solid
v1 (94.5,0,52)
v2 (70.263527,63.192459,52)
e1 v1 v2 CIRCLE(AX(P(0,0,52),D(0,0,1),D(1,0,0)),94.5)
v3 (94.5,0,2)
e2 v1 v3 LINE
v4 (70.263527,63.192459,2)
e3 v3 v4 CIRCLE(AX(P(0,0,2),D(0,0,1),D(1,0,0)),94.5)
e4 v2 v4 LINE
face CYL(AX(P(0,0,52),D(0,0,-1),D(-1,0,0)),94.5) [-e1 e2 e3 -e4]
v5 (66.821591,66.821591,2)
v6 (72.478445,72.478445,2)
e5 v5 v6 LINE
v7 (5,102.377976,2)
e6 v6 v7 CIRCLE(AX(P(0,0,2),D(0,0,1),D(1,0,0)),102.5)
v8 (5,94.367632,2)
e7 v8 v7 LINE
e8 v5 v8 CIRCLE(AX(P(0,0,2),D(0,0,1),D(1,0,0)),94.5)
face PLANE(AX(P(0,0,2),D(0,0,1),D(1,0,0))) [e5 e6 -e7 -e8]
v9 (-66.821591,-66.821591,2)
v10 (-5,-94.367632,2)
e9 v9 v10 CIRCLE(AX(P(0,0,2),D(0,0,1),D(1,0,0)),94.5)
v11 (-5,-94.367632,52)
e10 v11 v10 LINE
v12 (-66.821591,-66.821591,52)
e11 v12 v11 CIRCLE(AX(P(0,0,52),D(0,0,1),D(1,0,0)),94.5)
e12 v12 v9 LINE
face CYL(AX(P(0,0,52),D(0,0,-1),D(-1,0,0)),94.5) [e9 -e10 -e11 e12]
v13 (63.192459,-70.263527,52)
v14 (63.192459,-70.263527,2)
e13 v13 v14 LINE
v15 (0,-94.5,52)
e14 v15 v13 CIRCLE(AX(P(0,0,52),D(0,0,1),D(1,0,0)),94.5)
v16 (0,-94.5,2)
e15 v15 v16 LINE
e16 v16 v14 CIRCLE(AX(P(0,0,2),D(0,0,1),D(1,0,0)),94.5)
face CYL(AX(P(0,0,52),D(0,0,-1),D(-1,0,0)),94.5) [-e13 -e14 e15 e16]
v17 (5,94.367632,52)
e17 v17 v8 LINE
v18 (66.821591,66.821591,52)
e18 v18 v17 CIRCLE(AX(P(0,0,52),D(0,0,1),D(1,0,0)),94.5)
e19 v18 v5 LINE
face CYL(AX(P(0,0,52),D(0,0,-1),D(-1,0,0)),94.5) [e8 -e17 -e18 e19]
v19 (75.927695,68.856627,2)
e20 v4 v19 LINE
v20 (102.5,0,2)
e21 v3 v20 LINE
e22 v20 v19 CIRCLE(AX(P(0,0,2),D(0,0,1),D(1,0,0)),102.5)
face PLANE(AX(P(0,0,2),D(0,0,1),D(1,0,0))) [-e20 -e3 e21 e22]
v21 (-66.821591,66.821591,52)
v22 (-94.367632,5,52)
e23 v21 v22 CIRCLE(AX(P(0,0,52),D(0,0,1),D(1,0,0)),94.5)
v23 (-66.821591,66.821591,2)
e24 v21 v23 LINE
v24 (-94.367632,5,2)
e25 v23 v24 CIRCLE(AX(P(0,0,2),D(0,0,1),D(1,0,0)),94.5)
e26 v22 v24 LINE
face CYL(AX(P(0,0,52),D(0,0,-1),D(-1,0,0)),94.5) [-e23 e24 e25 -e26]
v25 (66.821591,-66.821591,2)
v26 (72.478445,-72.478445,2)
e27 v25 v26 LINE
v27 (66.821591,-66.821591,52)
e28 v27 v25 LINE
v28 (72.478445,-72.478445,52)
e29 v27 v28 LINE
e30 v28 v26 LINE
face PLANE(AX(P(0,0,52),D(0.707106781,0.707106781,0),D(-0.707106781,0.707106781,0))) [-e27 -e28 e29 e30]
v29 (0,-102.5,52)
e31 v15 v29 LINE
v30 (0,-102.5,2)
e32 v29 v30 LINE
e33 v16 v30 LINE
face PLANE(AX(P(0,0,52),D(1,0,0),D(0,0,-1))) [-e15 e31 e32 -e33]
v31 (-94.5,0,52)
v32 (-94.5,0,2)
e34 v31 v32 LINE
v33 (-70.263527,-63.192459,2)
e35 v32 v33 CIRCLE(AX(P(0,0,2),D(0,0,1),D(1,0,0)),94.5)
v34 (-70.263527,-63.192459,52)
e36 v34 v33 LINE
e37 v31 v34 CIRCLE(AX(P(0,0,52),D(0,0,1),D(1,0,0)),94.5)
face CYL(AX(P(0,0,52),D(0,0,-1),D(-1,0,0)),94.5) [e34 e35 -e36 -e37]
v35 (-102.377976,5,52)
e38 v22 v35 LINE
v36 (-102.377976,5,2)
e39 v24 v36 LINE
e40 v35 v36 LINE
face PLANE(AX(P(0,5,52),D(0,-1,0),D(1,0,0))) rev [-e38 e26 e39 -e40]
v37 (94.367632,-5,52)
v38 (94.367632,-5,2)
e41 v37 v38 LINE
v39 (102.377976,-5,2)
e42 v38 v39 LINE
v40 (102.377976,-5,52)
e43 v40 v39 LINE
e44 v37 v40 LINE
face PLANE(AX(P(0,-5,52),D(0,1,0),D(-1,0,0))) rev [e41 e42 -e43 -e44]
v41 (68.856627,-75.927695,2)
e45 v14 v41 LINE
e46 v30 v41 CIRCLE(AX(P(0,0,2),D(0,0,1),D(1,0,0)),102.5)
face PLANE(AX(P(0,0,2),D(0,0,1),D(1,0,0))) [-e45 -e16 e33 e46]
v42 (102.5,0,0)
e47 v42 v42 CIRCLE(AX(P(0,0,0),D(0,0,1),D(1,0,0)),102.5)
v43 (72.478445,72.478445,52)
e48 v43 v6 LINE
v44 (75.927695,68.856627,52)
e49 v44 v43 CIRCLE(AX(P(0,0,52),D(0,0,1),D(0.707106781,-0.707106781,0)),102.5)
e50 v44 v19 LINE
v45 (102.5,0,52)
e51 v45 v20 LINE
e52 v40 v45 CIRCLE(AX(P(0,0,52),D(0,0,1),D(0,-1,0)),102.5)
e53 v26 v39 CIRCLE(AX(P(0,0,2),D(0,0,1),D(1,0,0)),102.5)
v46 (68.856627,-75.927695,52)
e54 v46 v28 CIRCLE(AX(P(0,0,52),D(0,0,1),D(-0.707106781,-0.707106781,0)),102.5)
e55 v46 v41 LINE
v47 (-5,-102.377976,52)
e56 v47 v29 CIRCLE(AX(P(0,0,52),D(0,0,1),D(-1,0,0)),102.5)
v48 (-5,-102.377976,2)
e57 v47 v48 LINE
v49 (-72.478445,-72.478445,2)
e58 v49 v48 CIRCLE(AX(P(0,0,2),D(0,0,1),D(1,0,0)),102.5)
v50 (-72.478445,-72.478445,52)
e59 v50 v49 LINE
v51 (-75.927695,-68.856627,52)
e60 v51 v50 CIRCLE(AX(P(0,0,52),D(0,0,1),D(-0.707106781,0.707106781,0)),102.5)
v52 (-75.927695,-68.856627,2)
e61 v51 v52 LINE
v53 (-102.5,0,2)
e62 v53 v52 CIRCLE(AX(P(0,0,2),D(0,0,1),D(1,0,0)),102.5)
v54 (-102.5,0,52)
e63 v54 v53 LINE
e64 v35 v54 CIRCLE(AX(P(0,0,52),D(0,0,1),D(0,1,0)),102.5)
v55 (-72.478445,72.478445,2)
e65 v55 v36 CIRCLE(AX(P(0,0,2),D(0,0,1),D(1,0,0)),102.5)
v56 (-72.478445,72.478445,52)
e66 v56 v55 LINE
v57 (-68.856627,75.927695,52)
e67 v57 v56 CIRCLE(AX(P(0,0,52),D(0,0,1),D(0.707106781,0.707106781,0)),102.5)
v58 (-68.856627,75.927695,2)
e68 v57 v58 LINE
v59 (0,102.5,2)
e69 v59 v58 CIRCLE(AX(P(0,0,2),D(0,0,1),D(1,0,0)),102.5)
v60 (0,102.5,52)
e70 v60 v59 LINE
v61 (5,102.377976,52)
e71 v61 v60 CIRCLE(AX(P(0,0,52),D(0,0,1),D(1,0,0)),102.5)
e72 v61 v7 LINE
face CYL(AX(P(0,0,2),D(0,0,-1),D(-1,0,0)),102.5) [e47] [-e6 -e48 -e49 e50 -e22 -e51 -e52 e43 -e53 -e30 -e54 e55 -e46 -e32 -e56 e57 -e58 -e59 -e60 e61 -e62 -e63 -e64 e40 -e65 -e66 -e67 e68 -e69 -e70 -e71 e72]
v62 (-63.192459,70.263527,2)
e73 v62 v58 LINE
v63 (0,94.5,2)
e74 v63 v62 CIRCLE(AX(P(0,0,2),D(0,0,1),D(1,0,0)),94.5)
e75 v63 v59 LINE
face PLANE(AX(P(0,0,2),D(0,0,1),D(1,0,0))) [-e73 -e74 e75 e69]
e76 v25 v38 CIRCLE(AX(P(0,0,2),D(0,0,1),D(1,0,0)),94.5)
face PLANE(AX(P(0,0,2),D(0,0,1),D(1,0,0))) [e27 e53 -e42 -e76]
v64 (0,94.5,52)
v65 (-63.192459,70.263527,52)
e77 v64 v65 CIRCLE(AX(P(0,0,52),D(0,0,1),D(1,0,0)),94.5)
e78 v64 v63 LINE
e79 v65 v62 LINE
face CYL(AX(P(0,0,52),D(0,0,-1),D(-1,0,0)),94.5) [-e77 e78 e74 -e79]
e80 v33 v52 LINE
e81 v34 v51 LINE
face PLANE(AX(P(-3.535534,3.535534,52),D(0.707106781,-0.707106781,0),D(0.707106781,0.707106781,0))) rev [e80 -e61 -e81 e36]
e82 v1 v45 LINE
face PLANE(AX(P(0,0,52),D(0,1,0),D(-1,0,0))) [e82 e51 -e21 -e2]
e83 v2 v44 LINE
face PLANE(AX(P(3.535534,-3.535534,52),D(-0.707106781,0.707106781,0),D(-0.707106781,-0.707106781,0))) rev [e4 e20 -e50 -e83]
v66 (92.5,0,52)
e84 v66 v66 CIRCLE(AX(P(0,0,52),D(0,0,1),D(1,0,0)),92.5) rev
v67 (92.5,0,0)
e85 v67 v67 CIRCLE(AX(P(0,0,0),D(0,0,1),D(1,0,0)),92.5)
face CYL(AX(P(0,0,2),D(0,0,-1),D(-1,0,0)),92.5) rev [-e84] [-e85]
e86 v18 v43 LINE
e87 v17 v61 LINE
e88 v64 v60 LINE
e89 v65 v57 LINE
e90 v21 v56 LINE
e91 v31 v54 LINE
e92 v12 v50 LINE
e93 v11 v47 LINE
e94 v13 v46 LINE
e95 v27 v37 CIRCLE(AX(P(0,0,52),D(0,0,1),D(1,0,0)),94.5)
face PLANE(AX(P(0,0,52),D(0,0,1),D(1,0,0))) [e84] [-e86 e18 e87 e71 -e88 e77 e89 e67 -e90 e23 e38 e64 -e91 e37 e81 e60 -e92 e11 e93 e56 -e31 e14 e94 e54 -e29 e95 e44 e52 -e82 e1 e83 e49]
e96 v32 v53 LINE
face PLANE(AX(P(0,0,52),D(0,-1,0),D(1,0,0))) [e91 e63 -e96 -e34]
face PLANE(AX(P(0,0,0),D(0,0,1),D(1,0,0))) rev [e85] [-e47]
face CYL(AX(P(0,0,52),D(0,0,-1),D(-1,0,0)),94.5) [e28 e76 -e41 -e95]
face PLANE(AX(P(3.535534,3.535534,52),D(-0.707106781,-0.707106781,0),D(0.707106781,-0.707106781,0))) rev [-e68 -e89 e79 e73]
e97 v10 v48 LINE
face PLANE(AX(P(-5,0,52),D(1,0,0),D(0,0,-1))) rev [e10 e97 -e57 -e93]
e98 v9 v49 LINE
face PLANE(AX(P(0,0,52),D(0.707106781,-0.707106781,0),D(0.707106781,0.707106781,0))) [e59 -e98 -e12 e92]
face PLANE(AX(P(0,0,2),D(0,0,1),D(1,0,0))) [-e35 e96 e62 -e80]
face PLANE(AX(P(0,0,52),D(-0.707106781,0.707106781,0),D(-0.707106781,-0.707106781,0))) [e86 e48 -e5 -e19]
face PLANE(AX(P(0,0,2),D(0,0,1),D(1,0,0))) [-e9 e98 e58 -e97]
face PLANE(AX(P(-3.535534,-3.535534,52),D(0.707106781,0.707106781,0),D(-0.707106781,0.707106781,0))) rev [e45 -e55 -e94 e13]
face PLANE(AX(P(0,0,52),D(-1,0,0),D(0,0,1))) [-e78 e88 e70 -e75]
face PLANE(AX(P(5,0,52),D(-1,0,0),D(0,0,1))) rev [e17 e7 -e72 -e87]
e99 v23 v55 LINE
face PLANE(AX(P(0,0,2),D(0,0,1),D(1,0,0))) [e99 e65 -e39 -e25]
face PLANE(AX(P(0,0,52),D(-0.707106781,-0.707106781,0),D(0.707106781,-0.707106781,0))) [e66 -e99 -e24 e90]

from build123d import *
from build123d.topology import SkipClean

# Parameters (mm, degrees)
SKETCH1_R           = 102.5
SKETCH1_R_2         = 92.5
BOSS_EXTRUDE1_DEPTH = 2
SKETCH2_R           = 94.5
SKETCH2_R_2         = 92.5
BOSS_EXTRUDE2_DEPTH = 50
BOSS_EXTRUDE3_DEPTH = 50
CIRPATTERN1_COUNT   = 8


with BuildPart() as part:
    # Sketch1 → Boss-Extrude1 (new body)
    with BuildSketch(Plane.XY):
        Circle(SKETCH1_R)
        Circle(SKETCH1_R_2, mode=Mode.SUBTRACT)
    extrude(amount=BOSS_EXTRUDE1_DEPTH)

    # Sketch2 → Boss-Extrude2 (add)
    with BuildSketch(Plane.XY.offset(2)):
        Circle(SKETCH2_R)
        Circle(SKETCH2_R_2, mode=Mode.SUBTRACT)
    extrude(amount=BOSS_EXTRUDE2_DEPTH)

    # Sketch3 → Boss-Extrude3 (add)
    with BuildSketch(Plane.XY.offset(2)):
        with BuildLine():
            Line((0, 102.5), (0, 94.5))
            ThreePointArc((0, 94.5), (2.500875909, 94.466902245), (5, 94.367632163))
            Line((5, 94.367632163), (5, 102.377976147))
            ThreePointArc((5, 102.377976147), (2.50074438, 102.469489496), (0, 102.5))
        make_face()
    boss_extrude3 = extrude(amount=BOSS_EXTRUDE3_DEPTH)

    # CirPattern1: Boss-Extrude3 ×8 about axis
    with SkipClean():  # the faces are left unmerged after this step: merging them gives an invalid solid
        cirpattern1_axis = Axis((0, 0, 0), (0, 0, 1))
        for i in range(1, CIRPATTERN1_COUNT):
            add(boss_extrude3.rotate(cirpattern1_axis, i * 360 / CIRPATTERN1_COUNT))


solid = part.part
